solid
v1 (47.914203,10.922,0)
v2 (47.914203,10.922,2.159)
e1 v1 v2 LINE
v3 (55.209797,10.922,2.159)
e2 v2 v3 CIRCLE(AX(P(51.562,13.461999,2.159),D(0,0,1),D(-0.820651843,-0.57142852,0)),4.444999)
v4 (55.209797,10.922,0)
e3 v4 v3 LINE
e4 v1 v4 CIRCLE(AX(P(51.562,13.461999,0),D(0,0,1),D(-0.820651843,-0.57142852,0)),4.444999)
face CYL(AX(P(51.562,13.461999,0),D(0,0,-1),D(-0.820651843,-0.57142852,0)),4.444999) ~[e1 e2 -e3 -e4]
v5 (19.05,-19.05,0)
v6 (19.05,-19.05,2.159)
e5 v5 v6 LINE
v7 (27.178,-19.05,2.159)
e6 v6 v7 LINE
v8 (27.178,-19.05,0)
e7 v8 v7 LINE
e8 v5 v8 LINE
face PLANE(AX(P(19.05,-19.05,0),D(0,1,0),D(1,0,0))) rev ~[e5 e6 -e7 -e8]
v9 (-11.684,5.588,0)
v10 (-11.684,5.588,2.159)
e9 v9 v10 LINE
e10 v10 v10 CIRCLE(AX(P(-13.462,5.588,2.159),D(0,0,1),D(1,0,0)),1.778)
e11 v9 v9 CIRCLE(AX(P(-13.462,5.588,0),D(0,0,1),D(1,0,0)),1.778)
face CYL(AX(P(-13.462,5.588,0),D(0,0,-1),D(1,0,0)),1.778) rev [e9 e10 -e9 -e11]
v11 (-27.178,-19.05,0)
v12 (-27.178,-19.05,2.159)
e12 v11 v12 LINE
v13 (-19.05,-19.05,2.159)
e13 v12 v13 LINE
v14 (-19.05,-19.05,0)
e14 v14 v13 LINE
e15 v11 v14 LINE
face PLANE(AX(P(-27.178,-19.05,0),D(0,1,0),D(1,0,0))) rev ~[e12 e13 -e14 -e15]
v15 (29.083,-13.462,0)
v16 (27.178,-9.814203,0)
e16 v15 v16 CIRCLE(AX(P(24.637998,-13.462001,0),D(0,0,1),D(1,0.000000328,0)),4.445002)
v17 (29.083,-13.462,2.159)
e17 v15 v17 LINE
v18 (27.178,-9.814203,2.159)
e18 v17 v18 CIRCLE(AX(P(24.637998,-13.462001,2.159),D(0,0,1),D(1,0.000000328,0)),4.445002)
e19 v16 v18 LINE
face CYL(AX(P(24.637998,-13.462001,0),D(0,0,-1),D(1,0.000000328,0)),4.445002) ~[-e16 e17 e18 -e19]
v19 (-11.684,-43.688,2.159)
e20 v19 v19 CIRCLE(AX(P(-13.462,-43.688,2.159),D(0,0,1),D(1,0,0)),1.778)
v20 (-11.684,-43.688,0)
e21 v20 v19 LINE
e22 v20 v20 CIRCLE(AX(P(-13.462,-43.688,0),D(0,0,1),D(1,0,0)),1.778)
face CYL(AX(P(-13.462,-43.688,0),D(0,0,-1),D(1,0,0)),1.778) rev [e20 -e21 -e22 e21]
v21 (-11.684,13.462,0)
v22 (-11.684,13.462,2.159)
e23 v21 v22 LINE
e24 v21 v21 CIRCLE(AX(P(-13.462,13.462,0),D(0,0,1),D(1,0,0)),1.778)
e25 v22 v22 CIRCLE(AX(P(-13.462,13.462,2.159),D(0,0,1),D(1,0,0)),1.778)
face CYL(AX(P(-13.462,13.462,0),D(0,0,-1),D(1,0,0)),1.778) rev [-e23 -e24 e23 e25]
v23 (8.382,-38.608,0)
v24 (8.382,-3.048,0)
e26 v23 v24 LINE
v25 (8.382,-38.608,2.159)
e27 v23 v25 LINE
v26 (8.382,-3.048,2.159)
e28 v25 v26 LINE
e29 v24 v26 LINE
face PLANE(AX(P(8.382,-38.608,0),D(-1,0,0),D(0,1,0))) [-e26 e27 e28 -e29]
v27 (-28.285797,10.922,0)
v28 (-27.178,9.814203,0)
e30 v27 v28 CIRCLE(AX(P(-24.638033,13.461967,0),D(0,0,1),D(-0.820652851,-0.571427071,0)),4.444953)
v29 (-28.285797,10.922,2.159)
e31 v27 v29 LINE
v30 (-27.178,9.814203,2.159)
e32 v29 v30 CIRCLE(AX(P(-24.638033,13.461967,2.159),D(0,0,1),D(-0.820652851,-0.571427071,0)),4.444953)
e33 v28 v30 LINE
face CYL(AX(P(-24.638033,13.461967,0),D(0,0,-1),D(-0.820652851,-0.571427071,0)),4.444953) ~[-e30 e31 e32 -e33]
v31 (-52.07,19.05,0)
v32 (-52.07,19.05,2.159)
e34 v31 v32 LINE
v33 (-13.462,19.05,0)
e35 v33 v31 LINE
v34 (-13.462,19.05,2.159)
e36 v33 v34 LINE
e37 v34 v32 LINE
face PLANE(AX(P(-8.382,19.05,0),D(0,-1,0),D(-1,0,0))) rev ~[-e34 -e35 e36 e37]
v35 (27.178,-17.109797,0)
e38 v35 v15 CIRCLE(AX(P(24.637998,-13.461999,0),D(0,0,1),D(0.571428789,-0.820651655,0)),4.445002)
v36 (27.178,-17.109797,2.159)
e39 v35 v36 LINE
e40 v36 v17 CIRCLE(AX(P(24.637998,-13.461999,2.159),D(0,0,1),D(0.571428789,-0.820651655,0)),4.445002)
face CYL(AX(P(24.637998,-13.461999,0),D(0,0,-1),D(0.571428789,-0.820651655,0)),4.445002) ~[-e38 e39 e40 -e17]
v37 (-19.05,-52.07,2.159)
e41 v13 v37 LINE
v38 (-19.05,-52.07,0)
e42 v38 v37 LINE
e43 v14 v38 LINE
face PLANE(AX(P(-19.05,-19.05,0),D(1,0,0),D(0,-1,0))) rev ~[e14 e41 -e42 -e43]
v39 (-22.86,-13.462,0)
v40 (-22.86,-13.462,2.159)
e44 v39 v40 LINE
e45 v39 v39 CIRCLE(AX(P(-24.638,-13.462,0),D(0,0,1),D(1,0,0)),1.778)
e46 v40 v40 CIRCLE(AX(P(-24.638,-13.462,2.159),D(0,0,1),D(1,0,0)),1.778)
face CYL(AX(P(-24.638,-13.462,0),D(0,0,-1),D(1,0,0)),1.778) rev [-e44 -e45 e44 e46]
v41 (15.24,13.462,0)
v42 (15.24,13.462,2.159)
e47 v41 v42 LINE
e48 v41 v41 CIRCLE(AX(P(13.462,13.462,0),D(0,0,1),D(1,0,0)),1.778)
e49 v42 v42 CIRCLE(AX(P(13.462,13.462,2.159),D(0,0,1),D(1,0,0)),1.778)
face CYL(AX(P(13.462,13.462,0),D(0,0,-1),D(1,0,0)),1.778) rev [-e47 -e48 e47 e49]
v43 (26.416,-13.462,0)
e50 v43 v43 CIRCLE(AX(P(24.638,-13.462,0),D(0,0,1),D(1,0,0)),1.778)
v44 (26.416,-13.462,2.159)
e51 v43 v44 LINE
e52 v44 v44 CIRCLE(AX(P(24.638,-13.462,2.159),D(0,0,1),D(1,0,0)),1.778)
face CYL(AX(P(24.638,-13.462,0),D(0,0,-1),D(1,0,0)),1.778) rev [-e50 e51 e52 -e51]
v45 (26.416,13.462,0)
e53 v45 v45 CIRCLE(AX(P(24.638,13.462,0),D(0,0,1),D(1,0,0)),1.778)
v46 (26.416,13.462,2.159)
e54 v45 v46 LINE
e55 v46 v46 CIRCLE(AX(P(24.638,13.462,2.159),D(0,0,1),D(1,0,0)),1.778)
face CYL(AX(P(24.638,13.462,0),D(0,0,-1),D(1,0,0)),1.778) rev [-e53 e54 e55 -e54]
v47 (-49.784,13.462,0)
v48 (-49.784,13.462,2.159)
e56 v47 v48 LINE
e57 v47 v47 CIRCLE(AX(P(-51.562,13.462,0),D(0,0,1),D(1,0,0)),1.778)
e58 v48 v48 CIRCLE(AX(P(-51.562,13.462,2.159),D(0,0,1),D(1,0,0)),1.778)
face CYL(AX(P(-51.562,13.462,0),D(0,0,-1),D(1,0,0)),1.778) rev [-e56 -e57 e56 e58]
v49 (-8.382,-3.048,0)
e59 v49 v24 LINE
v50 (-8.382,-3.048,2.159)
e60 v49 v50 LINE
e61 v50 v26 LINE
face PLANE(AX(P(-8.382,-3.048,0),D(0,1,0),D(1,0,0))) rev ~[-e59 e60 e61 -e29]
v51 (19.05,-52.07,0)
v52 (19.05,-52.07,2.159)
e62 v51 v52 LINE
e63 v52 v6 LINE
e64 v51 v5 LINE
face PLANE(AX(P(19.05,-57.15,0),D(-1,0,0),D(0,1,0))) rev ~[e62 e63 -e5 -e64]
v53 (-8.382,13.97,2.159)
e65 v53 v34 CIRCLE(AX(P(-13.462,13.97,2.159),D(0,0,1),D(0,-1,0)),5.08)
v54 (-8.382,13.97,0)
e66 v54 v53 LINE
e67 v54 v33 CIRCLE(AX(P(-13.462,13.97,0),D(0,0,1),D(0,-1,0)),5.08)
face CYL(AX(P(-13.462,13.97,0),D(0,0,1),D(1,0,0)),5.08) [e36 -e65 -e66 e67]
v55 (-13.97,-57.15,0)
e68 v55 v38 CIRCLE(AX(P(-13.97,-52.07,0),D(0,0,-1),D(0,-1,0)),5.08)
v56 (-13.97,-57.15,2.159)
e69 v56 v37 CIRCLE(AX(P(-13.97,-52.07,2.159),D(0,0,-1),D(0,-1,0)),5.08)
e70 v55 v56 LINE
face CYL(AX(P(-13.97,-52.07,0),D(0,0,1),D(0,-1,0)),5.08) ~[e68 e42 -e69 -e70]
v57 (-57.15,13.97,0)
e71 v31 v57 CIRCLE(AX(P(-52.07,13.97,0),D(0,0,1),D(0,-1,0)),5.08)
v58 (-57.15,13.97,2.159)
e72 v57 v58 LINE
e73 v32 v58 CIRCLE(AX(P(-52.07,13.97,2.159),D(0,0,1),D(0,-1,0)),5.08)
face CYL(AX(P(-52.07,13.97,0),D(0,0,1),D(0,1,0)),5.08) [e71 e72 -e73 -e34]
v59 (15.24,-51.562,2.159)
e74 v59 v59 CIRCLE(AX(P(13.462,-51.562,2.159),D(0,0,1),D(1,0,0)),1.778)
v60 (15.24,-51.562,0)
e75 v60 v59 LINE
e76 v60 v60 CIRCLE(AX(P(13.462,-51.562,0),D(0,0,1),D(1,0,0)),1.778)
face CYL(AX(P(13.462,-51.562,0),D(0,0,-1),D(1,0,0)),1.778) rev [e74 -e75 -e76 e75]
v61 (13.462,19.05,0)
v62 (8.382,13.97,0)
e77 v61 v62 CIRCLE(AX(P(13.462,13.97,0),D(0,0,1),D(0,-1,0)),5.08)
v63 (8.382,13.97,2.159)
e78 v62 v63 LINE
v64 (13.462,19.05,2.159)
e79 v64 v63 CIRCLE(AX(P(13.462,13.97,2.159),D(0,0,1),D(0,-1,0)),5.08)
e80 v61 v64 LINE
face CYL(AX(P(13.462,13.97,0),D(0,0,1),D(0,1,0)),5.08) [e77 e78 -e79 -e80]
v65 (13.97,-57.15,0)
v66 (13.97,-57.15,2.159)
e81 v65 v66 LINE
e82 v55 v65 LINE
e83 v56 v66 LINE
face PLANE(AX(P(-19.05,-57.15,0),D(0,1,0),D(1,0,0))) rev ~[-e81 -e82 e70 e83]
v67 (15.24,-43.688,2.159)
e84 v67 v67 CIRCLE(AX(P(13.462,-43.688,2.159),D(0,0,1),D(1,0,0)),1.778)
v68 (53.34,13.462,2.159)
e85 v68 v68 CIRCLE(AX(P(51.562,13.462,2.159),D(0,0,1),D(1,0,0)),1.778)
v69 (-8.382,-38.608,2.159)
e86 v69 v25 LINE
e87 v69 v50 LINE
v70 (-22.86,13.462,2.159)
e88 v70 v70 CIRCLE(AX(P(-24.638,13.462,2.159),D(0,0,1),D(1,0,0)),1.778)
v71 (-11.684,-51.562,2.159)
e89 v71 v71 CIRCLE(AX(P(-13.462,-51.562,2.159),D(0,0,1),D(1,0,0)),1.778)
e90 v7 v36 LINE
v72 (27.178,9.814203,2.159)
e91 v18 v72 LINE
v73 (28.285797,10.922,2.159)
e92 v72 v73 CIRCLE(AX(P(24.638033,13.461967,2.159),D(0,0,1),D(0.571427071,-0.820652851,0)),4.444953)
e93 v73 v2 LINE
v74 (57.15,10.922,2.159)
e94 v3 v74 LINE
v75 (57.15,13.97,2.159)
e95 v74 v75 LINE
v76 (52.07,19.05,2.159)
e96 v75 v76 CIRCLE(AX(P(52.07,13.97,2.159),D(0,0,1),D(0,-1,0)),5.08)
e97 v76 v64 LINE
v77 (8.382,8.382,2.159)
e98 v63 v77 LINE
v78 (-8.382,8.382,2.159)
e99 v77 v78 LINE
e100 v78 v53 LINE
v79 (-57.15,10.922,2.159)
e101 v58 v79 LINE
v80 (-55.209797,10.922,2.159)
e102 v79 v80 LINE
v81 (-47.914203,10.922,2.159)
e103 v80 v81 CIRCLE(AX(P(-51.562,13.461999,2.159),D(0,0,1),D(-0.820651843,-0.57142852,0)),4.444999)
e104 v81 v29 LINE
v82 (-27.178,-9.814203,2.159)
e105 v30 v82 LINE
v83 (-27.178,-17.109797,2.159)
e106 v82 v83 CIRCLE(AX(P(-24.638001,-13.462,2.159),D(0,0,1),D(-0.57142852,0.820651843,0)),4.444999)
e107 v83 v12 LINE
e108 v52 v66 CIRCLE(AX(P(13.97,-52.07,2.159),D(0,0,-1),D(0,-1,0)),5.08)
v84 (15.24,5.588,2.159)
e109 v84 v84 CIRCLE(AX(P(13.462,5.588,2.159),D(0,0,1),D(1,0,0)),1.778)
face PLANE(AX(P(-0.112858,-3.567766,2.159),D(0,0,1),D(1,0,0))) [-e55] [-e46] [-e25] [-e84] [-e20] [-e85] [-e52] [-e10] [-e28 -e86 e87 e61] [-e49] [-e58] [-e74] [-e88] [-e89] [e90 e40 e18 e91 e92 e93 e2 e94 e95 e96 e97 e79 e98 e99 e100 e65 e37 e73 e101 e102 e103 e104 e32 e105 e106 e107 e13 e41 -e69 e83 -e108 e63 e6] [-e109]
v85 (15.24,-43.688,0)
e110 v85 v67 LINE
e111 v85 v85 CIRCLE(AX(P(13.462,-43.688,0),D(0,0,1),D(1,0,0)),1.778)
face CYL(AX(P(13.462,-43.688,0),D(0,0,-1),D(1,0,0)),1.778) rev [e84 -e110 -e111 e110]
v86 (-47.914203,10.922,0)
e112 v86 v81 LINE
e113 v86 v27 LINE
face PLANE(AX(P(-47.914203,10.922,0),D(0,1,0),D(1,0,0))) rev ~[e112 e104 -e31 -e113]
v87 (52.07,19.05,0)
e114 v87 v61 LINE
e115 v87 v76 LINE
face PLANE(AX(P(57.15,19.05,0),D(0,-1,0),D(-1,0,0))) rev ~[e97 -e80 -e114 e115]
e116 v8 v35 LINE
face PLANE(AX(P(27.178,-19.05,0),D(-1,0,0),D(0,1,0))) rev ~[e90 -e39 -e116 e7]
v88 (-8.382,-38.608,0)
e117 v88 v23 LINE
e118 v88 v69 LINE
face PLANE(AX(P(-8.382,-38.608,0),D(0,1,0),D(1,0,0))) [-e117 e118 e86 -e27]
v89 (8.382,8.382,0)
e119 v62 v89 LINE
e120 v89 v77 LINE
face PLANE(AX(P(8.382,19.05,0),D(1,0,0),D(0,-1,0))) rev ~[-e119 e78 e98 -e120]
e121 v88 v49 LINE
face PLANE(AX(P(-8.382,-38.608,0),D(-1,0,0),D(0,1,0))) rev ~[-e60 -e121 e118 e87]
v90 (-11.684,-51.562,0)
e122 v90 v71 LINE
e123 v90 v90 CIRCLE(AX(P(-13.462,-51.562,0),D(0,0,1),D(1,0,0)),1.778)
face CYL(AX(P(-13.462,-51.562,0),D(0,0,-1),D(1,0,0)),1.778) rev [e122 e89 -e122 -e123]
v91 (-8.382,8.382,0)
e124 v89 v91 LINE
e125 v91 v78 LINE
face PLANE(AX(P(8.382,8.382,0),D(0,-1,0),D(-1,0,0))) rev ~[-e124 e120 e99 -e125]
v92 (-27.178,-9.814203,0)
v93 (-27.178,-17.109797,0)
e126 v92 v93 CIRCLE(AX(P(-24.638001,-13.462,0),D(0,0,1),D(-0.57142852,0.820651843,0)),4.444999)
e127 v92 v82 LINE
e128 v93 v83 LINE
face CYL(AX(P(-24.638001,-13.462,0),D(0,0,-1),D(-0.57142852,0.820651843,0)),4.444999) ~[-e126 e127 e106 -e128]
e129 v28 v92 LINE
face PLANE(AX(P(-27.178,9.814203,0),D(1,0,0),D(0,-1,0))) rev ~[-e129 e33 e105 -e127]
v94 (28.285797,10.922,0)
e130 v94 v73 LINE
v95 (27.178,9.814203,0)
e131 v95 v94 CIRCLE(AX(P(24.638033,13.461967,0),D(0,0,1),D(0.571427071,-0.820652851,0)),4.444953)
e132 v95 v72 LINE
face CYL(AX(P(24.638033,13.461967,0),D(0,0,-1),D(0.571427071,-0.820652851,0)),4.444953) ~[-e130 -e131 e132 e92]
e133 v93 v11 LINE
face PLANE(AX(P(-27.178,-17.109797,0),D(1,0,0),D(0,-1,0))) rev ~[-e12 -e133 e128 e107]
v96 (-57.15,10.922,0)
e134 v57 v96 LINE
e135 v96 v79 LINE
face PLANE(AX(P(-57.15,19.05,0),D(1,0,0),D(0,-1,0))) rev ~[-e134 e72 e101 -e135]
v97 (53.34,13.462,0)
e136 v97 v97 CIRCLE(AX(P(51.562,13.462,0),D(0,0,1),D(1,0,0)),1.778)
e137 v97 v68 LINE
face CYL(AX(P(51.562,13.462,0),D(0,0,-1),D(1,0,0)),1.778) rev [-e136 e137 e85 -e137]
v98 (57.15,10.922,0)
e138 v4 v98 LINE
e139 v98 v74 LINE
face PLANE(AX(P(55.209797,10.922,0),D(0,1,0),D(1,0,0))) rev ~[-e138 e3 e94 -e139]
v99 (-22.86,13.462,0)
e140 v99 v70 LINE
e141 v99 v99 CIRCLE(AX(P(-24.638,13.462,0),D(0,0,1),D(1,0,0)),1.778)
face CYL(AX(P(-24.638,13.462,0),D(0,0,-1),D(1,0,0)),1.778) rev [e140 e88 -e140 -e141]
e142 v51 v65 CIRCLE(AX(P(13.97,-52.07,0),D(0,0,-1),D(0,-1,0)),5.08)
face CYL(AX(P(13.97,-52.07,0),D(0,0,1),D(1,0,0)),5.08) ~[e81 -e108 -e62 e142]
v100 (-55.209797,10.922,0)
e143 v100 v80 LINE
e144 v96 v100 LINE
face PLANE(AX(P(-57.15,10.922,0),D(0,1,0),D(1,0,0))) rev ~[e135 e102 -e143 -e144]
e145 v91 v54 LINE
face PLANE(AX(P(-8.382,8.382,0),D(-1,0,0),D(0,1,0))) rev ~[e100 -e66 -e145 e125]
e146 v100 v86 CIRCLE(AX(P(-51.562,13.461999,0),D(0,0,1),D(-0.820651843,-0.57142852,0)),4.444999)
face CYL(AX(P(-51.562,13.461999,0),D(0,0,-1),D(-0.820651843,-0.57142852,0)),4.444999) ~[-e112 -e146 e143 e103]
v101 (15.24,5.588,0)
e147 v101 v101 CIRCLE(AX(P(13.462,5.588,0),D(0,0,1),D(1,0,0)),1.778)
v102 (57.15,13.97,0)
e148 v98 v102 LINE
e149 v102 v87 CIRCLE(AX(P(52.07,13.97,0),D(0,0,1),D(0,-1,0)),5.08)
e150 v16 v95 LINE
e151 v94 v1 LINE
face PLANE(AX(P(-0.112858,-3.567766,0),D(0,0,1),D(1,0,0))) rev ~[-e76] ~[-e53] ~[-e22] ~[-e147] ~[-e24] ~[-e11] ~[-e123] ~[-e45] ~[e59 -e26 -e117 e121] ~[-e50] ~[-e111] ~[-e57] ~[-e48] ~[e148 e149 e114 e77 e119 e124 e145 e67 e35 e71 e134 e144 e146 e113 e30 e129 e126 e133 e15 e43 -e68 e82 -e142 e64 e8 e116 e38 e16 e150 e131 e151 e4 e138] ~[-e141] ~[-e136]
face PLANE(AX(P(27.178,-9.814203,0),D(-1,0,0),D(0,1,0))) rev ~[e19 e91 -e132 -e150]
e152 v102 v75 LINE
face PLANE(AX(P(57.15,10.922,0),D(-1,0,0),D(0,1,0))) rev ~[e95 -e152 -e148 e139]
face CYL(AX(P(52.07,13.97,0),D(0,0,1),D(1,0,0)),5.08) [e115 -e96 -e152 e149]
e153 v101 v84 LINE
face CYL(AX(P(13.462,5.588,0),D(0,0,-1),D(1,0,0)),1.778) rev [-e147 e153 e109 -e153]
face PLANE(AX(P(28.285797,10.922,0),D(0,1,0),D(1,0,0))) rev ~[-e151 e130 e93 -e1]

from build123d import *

# Parameters (mm, degrees)
F0_R     = 1.778
F0_W     = 16.764
F0_H     = 35.56
F1_DEPTH = 2.159
F2_R     = 5.08


with BuildPart() as f1:
    # F0 (on Top) → F1 (new body)
    with BuildSketch(Plane.XY):
        with BuildLine():
            Line((57.15, 10.922), (57.15, 19.05))
            Line((57.15, 19.05), (8.382, 19.05))
            Line((8.382, 19.05), (8.382, 8.382))
            Line((8.382, 8.382), (-8.382, 8.382))
            Line((-8.382, 8.382), (-8.382, 19.05))
            Line((-8.382, 19.05), (-57.15, 19.05))
            Line((-57.15, 19.05), (-57.15, 10.922))
            Line((-57.15, 10.922), (-55.209797, 10.922))
            ThreePointArc((-55.209797, 10.922), (-52.893083, 17.703019), (-47.117, 13.462))
            ThreePointArc((-47.117, 13.462), (-47.320981, 12.130917), (-47.914203, 10.922))
            Line((-47.914203, 10.922), (-28.285797, 10.922))
            ThreePointArc((-28.285797, 10.922), (-25.969083, 17.703019), (-20.193, 13.462))
            ThreePointArc((-20.193, 13.462), (-22.580365, 9.521929), (-27.178, 9.814203))
            Line((-27.178, 9.814203), (-27.178, -9.814203))
            ThreePointArc((-27.178, -9.814203), (-22.580365, -9.521929), (-20.193, -13.462))
            ThreePointArc((-20.193, -13.462), (-22.580365, -17.402071), (-27.178, -17.109797))
            Line((-27.178, -17.109797), (-27.178, -19.05))
            Line((-27.178, -19.05), (-19.05, -19.05))
            Line((-19.05, -19.05), (-19.05, -57.15))
            Line((-19.05, -57.15), (19.05, -57.15))
            Line((19.05, -57.15), (19.05, -19.05))
            Line((19.05, -19.05), (27.178, -19.05))
            Line((27.178, -19.05), (27.178, -17.109797))
            ThreePointArc((27.178, -17.109797), (20.193, -13.462), (27.178, -9.814203))
            Line((27.178, -9.814203), (27.178, 9.814203))
            ThreePointArc((27.178, 9.814203), (20.697929, 15.519635), (29.083, 13.462))
            ThreePointArc((29.083, 13.462), (28.879019, 12.130917), (28.285797, 10.922))
            Line((28.285797, 10.922), (47.914203, 10.922))
            ThreePointArc((47.914203, 10.922), (50.230917, 17.703019), (56.007, 13.462))
            ThreePointArc((56.007, 13.462), (55.803019, 12.130917), (55.209797, 10.922))
            Line((55.209797, 10.922), (57.15, 10.922))
        make_face()
        with Locations((-13.462, -51.562)):
            Circle(F0_R, mode=Mode.SUBTRACT)
        with Locations((-13.462, -43.688)):
            Circle(F0_R, mode=Mode.SUBTRACT)
        with Locations((13.462, -51.562)):
            Circle(F0_R, mode=Mode.SUBTRACT)
        with Locations((13.462, -43.688)):
            Circle(F0_R, mode=Mode.SUBTRACT)
        with Locations((0, -20.828)):
            Rectangle(F0_W, F0_H, mode=Mode.SUBTRACT)
        with Locations((-13.462, 5.588)):
            Circle(F0_R, mode=Mode.SUBTRACT)
        with Locations((-13.462, 13.462)):
            Circle(F0_R, mode=Mode.SUBTRACT)
        with Locations((13.462, 5.588)):
            Circle(F0_R, mode=Mode.SUBTRACT)
        with Locations((13.462, 13.462)):
            Circle(F0_R, mode=Mode.SUBTRACT)
        with BuildLine():
            ThreePointArc((47.914203, 10.922), (51.562, 9.017), (55.209797, 10.922))
            ThreePointArc((55.209797, 10.922), (55.803019, 12.130917), (56.007, 13.462))
            ThreePointArc((56.007, 13.462), (50.230917, 17.703019), (47.914203, 10.922))
        make_face()
        with Locations((51.562, 13.462)):
            Circle(F0_R, mode=Mode.SUBTRACT)
        with BuildLine():
            ThreePointArc((27.178, 9.814203), (27.78109, 10.31891), (28.285797, 10.922))
            ThreePointArc((28.285797, 10.922), (28.879019, 12.130917), (29.083, 13.462))
            ThreePointArc((29.083, 13.462), (20.697929, 15.519635), (27.178, 9.814203))
        make_face()
        with Locations((24.638, 13.462)):
            Circle(F0_R, mode=Mode.SUBTRACT)
        with BuildLine():
            ThreePointArc((29.083, -13.462), (28.578071, -11.404365), (27.178, -9.814203))
            ThreePointArc((27.178, -9.814203), (20.193, -13.462), (27.178, -17.109797))
            ThreePointArc((27.178, -17.109797), (28.578071, -15.519635), (29.083, -13.462))
        make_face()
        with Locations((24.638, -13.462)):
            Circle(F0_R, mode=Mode.SUBTRACT)
        with BuildLine():
            ThreePointArc((-47.117, 13.462), (-52.893083, 17.703019), (-55.209797, 10.922))
            ThreePointArc((-55.209797, 10.922), (-51.562, 9.017), (-47.914203, 10.922))
            ThreePointArc((-47.914203, 10.922), (-47.320981, 12.130917), (-47.117, 13.462))
        make_face()
        with Locations((-51.562, 13.462)):
            Circle(F0_R, mode=Mode.SUBTRACT)
        with BuildLine():
            ThreePointArc((-20.193, 13.462), (-25.969083, 17.703019), (-28.285797, 10.922))
            ThreePointArc((-28.285797, 10.922), (-27.78109, 10.31891), (-27.178, 9.814203))
            ThreePointArc((-27.178, 9.814203), (-22.580365, 9.521929), (-20.193, 13.462))
        make_face()
        with Locations((-24.638, 13.462)):
            Circle(F0_R, mode=Mode.SUBTRACT)
        with BuildLine():
            ThreePointArc((-20.193, -13.462), (-22.580365, -9.521929), (-27.178, -9.814203))
            ThreePointArc((-27.178, -9.814203), (-29.083, -13.462), (-27.178, -17.109797))
            ThreePointArc((-27.178, -17.109797), (-22.580365, -17.402071), (-20.193, -13.462))
        make_face()
        with Locations((-24.638, -13.462)):
            Circle(F0_R, mode=Mode.SUBTRACT)
    extrude(amount=F1_DEPTH)

    # F2
    f2_edges = [f1.edges().sort_by_distance(p)[0] for p in [
        (57.15, 19.05, 1.0795),
        (8.382, 19.05, 1.0795),
        (-8.382, 19.05, 1.0795),
        (19.05, -57.15, 1.0795),
        (-19.05, -57.15, 1.0795),
        (-57.15, 19.05, 1.0795),
    ]]
    fillet(f2_edges, radius=F2_R)


solid = f1.part
